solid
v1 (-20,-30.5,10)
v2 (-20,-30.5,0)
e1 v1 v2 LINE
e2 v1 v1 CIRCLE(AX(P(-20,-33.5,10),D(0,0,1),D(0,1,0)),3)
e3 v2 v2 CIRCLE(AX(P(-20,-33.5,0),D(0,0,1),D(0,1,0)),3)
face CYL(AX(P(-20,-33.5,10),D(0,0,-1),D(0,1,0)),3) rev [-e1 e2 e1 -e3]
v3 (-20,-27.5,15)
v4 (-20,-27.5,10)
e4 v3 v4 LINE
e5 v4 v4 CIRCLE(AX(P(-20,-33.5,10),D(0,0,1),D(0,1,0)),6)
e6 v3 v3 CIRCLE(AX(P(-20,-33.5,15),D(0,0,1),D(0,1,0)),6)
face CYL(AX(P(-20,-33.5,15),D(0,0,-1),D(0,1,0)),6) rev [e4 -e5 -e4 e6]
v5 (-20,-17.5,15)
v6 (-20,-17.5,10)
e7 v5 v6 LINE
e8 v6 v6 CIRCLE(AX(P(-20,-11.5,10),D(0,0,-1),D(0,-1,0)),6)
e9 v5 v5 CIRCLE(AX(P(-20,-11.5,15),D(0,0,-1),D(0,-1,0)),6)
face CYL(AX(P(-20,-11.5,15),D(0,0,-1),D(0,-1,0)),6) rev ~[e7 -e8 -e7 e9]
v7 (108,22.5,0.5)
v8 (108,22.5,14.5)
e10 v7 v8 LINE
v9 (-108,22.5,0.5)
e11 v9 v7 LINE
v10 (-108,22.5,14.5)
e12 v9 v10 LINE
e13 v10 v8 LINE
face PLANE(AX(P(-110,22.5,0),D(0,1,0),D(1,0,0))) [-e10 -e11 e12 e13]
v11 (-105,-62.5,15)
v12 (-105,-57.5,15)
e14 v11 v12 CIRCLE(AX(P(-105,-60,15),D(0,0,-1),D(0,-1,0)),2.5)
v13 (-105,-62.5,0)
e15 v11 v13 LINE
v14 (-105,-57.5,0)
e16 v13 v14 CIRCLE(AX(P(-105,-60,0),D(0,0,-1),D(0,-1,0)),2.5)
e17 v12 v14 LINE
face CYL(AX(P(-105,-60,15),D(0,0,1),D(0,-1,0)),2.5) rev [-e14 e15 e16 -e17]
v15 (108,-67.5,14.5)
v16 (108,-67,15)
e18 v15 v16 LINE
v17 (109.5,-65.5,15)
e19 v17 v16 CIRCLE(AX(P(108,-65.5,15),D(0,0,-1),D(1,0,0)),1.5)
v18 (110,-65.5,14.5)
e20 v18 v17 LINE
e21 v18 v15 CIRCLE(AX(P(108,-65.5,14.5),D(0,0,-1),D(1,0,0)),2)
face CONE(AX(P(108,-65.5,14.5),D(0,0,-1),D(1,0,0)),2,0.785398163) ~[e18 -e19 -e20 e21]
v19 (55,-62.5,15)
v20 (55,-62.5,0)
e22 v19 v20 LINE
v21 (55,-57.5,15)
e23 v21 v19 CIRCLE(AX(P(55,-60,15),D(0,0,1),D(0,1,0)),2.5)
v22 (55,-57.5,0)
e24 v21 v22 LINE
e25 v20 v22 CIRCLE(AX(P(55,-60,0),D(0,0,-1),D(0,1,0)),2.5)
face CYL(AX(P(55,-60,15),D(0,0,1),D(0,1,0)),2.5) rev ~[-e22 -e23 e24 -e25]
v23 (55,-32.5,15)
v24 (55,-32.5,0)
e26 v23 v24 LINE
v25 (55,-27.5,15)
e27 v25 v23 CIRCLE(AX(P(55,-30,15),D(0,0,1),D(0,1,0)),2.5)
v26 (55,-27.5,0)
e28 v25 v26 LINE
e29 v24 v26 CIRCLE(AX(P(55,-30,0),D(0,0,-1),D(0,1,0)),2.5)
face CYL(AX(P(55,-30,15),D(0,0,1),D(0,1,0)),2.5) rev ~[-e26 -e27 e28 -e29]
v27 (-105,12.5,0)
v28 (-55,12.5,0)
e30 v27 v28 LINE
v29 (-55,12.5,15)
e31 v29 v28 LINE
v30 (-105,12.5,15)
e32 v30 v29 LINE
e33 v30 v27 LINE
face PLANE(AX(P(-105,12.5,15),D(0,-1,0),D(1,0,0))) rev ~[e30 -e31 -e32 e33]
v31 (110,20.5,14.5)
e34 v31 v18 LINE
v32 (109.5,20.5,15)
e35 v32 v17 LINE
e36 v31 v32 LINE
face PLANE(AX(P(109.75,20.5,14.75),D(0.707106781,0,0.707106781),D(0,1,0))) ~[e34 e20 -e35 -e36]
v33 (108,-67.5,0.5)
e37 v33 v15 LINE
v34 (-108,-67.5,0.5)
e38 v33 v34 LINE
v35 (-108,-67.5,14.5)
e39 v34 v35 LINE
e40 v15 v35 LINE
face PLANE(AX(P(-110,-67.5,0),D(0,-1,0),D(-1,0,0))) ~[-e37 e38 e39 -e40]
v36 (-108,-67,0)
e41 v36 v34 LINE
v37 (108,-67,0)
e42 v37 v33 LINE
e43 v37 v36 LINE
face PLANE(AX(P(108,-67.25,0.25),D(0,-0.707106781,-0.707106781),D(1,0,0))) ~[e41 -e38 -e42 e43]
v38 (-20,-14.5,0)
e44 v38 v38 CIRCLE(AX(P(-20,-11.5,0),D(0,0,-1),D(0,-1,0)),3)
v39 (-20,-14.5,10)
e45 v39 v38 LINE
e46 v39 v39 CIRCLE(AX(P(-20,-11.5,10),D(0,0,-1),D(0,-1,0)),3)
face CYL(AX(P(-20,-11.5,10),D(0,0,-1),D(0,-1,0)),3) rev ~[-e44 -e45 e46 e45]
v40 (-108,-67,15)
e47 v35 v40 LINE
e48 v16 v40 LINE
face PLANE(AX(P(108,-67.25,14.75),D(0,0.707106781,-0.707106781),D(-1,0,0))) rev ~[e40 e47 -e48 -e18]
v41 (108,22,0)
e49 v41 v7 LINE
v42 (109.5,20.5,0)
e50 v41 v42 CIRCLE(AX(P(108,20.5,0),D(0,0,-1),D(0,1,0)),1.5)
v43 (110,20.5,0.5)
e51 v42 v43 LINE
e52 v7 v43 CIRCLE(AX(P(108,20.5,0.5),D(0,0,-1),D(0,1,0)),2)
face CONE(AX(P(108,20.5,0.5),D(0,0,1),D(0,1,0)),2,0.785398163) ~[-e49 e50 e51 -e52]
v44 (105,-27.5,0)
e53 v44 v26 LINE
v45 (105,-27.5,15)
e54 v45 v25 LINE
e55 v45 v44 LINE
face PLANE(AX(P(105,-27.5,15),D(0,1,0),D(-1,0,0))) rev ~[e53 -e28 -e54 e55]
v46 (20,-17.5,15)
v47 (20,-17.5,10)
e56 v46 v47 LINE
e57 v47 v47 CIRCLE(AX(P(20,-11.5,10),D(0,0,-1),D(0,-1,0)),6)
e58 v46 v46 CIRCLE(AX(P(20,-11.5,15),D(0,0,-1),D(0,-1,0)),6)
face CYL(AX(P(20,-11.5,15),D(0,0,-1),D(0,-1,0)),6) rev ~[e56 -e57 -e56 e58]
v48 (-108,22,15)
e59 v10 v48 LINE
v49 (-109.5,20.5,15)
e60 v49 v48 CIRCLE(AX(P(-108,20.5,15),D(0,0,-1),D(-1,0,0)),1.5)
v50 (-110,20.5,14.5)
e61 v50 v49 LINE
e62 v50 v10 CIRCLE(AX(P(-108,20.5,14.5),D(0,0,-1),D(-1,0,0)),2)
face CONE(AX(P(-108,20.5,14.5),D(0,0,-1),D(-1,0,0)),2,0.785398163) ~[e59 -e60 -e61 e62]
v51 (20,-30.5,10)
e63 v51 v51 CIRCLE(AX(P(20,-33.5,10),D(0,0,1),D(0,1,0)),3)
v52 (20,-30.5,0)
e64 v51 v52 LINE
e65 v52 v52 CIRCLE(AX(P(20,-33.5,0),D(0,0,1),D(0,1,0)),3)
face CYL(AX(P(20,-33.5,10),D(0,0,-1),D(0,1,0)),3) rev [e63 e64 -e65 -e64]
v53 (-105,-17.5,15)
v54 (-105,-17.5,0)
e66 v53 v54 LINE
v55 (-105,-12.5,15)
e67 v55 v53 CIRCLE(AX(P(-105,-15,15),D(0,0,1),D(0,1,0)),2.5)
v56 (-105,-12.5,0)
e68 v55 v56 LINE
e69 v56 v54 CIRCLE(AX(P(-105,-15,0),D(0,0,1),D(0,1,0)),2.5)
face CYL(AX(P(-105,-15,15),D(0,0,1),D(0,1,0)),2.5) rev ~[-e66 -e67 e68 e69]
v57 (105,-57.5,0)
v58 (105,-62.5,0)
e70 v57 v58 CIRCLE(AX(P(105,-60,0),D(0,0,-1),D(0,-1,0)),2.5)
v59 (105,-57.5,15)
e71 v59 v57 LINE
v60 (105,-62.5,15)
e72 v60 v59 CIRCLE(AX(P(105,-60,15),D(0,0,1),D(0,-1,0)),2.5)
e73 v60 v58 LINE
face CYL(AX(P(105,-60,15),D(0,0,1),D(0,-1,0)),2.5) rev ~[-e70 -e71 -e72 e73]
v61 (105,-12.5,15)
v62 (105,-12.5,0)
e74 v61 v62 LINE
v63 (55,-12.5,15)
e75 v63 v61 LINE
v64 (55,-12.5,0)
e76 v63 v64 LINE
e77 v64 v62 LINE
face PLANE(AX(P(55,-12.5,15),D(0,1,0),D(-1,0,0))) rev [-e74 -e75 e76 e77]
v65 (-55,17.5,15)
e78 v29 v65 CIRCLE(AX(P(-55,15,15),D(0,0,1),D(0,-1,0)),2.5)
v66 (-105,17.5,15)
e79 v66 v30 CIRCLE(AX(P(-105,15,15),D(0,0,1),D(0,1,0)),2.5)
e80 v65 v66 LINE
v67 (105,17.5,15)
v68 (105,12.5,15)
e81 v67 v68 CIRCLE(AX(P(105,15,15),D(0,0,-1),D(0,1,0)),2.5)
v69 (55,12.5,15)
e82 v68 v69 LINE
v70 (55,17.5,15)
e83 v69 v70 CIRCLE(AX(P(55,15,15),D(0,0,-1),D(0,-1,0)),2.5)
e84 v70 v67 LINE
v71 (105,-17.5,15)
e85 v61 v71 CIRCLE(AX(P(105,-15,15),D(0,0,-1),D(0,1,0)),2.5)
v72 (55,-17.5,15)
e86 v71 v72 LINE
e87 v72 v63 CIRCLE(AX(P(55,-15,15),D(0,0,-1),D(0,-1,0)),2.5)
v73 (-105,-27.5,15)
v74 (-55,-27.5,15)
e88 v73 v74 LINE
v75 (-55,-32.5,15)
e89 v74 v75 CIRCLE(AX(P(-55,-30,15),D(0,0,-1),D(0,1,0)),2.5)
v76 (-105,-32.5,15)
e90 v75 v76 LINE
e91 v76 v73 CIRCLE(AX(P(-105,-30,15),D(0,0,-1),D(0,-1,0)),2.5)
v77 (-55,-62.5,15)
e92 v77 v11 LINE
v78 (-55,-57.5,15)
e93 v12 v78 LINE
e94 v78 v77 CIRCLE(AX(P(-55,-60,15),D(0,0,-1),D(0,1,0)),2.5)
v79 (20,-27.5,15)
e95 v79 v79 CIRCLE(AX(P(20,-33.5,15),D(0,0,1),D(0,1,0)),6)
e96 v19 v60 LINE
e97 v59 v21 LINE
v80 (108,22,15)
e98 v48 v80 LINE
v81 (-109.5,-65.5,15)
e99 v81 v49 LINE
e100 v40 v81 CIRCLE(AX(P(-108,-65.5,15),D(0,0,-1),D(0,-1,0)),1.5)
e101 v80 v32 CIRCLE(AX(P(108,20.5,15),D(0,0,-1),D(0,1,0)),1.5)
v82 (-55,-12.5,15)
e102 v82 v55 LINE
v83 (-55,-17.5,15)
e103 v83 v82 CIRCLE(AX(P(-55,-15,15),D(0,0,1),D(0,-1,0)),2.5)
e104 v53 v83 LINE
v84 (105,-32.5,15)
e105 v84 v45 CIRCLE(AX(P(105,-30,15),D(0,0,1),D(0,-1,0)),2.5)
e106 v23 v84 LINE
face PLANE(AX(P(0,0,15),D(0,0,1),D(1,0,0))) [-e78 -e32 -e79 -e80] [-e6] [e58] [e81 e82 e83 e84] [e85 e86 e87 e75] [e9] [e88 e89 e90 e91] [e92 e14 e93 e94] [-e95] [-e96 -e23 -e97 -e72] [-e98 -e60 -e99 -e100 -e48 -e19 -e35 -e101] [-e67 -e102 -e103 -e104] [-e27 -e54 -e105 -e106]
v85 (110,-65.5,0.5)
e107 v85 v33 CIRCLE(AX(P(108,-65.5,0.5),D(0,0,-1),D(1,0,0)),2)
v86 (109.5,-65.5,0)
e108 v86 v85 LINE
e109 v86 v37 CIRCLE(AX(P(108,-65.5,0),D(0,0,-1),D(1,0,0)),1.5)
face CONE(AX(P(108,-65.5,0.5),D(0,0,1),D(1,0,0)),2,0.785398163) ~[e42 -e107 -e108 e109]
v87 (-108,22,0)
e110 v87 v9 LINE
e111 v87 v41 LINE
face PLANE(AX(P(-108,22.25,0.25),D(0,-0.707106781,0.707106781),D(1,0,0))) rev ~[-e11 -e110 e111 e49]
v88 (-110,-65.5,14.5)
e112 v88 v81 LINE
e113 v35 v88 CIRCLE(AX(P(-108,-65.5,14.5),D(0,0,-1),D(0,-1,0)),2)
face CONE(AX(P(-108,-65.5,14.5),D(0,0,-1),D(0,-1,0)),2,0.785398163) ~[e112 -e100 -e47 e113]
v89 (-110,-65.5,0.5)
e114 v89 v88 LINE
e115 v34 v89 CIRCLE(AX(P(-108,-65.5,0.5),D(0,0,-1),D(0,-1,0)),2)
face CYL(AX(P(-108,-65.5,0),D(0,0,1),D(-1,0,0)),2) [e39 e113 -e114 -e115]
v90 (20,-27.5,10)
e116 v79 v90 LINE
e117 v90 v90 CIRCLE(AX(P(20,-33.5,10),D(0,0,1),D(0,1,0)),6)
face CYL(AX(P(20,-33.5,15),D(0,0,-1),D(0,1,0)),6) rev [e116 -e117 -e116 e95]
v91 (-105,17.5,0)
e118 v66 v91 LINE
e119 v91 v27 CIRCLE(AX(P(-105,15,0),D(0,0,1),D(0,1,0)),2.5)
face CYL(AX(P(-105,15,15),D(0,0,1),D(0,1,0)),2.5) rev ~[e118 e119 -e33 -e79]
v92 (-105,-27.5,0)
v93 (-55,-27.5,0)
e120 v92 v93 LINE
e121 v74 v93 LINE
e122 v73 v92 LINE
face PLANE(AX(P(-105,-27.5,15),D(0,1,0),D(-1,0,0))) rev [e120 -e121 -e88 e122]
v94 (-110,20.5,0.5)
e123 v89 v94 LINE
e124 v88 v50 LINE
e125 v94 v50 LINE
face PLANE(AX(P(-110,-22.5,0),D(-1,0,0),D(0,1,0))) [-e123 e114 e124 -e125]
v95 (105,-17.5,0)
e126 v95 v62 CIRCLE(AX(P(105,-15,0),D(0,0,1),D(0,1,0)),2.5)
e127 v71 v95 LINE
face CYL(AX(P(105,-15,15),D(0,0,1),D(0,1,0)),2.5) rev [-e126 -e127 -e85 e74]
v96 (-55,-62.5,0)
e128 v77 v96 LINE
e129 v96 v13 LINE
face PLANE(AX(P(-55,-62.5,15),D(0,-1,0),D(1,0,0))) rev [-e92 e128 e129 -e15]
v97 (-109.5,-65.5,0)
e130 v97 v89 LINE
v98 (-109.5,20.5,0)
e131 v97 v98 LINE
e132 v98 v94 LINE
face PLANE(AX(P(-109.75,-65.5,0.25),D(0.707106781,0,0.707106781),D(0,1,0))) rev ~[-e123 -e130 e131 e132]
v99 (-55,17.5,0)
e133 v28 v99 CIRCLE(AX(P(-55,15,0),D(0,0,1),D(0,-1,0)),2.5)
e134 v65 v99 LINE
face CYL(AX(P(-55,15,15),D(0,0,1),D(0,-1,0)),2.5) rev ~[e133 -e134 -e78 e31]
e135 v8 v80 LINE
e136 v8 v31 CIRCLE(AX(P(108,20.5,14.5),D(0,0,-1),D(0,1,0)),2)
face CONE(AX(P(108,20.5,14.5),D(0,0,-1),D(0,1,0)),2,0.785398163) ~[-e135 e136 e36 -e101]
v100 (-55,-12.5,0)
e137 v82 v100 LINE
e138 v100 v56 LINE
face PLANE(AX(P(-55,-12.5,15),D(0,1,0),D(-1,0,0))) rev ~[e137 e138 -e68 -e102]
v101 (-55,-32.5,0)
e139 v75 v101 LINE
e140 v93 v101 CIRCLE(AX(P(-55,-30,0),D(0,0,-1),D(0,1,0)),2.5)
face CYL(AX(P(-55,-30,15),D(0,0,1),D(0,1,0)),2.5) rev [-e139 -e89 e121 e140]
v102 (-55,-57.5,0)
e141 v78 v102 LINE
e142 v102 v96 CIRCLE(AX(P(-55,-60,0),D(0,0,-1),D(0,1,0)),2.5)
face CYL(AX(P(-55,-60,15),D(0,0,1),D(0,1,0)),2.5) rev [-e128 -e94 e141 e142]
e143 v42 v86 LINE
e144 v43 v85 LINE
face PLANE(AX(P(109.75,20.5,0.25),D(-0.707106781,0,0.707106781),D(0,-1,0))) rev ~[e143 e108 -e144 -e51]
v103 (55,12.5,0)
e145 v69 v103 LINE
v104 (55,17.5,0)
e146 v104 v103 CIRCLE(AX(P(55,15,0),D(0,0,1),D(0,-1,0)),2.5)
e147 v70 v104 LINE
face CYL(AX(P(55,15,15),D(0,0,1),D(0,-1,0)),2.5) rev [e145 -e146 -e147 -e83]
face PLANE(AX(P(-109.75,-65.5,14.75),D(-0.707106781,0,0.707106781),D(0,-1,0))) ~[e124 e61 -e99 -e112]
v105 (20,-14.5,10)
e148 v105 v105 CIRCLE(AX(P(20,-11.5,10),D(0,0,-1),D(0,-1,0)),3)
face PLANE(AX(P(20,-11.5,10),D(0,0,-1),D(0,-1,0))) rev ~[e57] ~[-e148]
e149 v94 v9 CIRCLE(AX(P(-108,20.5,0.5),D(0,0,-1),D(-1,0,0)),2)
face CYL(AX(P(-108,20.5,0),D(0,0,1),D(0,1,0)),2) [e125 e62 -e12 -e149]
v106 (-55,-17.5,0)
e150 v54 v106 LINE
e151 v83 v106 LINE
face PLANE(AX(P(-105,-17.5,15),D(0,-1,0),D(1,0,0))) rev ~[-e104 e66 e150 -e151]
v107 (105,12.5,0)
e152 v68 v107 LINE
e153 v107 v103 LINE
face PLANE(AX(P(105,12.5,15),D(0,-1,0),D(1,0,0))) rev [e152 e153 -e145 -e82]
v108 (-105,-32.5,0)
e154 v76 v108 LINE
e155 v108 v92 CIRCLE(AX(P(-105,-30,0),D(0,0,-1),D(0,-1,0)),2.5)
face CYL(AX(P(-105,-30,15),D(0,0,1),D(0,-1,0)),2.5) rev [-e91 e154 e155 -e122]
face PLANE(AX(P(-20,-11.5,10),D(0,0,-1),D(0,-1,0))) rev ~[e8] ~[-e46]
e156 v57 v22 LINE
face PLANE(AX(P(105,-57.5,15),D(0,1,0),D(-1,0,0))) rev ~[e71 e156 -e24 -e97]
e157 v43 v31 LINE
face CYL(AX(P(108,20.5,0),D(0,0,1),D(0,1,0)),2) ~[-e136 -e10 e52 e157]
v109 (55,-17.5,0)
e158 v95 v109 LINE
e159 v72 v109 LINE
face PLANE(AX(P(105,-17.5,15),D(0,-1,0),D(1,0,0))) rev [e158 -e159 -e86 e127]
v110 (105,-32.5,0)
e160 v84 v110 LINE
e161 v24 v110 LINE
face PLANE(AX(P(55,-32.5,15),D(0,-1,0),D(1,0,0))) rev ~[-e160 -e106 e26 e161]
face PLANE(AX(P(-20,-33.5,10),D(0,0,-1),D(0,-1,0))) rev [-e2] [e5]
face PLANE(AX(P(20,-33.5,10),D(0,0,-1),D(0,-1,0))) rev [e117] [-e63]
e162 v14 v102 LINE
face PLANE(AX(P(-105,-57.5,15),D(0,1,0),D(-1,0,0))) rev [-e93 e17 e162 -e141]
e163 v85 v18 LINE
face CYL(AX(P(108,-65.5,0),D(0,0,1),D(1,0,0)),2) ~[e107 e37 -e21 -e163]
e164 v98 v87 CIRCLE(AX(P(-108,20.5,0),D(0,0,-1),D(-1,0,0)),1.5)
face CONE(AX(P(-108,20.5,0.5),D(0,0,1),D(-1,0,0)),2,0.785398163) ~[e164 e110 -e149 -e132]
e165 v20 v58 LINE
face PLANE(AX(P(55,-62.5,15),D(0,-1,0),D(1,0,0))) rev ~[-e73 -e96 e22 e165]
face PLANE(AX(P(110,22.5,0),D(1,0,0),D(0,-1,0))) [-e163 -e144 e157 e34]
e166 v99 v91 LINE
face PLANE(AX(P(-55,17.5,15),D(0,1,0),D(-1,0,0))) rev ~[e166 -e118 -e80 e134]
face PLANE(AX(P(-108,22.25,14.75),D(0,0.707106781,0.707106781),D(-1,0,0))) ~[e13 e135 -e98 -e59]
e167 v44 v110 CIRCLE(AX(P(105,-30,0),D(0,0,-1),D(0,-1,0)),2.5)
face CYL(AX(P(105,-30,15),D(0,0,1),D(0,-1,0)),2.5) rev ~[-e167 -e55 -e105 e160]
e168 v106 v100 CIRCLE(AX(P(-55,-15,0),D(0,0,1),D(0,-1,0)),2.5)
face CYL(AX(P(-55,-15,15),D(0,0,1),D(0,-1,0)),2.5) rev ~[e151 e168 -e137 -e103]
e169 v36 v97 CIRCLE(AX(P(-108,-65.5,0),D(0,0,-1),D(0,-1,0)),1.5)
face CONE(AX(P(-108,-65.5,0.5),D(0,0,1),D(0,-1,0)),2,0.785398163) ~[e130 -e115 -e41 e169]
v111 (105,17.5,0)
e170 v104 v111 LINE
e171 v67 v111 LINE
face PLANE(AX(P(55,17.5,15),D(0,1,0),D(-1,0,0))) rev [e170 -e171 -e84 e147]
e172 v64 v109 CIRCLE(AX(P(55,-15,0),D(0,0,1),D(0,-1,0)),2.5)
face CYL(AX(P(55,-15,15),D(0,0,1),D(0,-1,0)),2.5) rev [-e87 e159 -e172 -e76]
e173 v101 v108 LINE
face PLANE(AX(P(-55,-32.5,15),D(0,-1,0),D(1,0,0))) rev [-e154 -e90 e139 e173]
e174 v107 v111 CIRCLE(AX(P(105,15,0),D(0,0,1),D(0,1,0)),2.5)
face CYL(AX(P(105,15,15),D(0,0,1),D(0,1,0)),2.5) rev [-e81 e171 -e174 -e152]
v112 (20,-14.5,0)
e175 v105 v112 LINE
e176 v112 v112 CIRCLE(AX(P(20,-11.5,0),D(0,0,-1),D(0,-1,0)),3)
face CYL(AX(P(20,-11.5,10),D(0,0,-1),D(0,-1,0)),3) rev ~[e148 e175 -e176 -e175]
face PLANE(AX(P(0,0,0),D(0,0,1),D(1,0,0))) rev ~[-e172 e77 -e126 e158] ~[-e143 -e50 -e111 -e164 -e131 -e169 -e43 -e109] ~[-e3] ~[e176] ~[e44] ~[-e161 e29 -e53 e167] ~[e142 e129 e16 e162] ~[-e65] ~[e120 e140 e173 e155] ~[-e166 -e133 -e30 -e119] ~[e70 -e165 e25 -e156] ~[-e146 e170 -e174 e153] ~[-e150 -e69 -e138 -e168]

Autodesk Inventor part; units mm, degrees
ref_plane "YZ Plane" through (0, 0, 0) normal (1, 0, 0) x (0, 1, 0)
ref_plane "XY Plane" through (0, 0, 0) normal (0, 0, 1) x (1, 0, 0)
sketch "Sketch1" plane through (0, 0, 0) normal (0, 0, 1) x (1, 0, 0)
  line L0 (-110, 22.5) -> (110, 22.5)
  line L1 (110, 22.5) -> (110, -22.5)
  line L2 (110, -22.5) -> (-110, -22.5)
  line L3 (-110, -22.5) -> (-110, 22.5)
  point P0 (0, 0)
  point P1 (110, 0)
  point P2 (0, 22.5)
  dimension "d0" = 220
  dimension "d1" = 45
extrude "Extrusion1" add sketch "Sketch1" along normal blind 15
sketch "Sketch2" plane through (0, 0, 15) normal (0, 0, 1) x (1, 0, 0)
  line L0 (-105, 15) -> (-55, 15) construction
  line L1 (-105, 12.5) -> (-55, 12.5)
  line L2 (-55, 17.5) -> (-105, 17.5)
  arc A0 (-105, 17.5) -> (-105, 12.5) centre (-105, 15) ccw
  arc A1 (-55, 12.5) -> (-55, 17.5) centre (-55, 15) ccw
  line L3 (-105, -15) -> (-55, -15) construction
  line L4 (-105, -17.5) -> (-55, -17.5)
  line L5 (-55, -12.5) -> (-105, -12.5)
  arc A2 (-105, -12.5) -> (-105, -17.5) centre (-105, -15) ccw
  arc A3 (-55, -17.5) -> (-55, -12.5) centre (-55, -15) ccw
  line L6 (-80, 15) -> (-80, -15) construction
  line L7 (-110, 22.5) -> (-110, -22.5) projected
  point P0 (0, 0)
  point P1 (-80, 0)
  dimension "d4" = 5
  dimension "d5" = 30
  dimension "d6" = 50
  dimension "d7" = 5
extrude "Extrusion2" cut sketch "Sketch2" against normal through all
mirror "Mirror1" about plane through (0, 0, 0) normal (1, 0, 0) of "Extrusion2"
fillet "Fillet1" [suppressed]
chamfer "Chamfer1" [suppressed]
sketch "Sketch3" plane through (0, 0, 15) normal (0, 0, -1) x (-1, 0, 0)
  line L0 (-20, -11.5) -> (20, -11.5) construction
  line L1 (-110, 22.5) -> (110, 22.5) projected
  line L2 (110, -22.5) -> (-110, -22.5) projected
  point P0 (0, 0)
  point P1 (0, -11.5)
  dimension "d14" = 40
  dimension "d28" = 11
hole "Hole1" at (20, -11.5, 15) at (-20, -11.5, 15) direction (0, 0, -1) diameter 6 end through all counterbore diameter 12 counterbore depth 5
ref_plane "Middle joining plane" through (0, -22.5, 0) normal (0, 1, 0) x (-1, 0, 0)
mirror "Double short side - join solid" about plane through (0, -22.5, 0) normal (0, 1, 0)
fillet "Double plate outer corners - R2" radius 2 4 edges at (110, -67.5, 7.5) (-110, -67.5, 7.5) (-110, 22.5, 7.5) (110, 22.5, 7.5)
chamfer "Double plate perimeter - 0.5 mm chamfer" distance 0.5 angle 45 12 edges at (109.4142, 21.9142, 15) (0, 22.5, 15) (-109.4142, 21.9142, 15) (-110, -22.5, 15) (0, -67.5, 15) (110, -22.5, 15) (109.4142, 21.9142, 0) (110, -22.5, 0) (0, -67.5, 0) (-110, -22.5, 0) (-109.4142, 21.9142, 0) (0, 22.5, 0)
equation "\"d28\" = bolts"
equation "\"bolts\" = 11"
properties part number "clamp-foot-double" material "Aluminum 6061"
